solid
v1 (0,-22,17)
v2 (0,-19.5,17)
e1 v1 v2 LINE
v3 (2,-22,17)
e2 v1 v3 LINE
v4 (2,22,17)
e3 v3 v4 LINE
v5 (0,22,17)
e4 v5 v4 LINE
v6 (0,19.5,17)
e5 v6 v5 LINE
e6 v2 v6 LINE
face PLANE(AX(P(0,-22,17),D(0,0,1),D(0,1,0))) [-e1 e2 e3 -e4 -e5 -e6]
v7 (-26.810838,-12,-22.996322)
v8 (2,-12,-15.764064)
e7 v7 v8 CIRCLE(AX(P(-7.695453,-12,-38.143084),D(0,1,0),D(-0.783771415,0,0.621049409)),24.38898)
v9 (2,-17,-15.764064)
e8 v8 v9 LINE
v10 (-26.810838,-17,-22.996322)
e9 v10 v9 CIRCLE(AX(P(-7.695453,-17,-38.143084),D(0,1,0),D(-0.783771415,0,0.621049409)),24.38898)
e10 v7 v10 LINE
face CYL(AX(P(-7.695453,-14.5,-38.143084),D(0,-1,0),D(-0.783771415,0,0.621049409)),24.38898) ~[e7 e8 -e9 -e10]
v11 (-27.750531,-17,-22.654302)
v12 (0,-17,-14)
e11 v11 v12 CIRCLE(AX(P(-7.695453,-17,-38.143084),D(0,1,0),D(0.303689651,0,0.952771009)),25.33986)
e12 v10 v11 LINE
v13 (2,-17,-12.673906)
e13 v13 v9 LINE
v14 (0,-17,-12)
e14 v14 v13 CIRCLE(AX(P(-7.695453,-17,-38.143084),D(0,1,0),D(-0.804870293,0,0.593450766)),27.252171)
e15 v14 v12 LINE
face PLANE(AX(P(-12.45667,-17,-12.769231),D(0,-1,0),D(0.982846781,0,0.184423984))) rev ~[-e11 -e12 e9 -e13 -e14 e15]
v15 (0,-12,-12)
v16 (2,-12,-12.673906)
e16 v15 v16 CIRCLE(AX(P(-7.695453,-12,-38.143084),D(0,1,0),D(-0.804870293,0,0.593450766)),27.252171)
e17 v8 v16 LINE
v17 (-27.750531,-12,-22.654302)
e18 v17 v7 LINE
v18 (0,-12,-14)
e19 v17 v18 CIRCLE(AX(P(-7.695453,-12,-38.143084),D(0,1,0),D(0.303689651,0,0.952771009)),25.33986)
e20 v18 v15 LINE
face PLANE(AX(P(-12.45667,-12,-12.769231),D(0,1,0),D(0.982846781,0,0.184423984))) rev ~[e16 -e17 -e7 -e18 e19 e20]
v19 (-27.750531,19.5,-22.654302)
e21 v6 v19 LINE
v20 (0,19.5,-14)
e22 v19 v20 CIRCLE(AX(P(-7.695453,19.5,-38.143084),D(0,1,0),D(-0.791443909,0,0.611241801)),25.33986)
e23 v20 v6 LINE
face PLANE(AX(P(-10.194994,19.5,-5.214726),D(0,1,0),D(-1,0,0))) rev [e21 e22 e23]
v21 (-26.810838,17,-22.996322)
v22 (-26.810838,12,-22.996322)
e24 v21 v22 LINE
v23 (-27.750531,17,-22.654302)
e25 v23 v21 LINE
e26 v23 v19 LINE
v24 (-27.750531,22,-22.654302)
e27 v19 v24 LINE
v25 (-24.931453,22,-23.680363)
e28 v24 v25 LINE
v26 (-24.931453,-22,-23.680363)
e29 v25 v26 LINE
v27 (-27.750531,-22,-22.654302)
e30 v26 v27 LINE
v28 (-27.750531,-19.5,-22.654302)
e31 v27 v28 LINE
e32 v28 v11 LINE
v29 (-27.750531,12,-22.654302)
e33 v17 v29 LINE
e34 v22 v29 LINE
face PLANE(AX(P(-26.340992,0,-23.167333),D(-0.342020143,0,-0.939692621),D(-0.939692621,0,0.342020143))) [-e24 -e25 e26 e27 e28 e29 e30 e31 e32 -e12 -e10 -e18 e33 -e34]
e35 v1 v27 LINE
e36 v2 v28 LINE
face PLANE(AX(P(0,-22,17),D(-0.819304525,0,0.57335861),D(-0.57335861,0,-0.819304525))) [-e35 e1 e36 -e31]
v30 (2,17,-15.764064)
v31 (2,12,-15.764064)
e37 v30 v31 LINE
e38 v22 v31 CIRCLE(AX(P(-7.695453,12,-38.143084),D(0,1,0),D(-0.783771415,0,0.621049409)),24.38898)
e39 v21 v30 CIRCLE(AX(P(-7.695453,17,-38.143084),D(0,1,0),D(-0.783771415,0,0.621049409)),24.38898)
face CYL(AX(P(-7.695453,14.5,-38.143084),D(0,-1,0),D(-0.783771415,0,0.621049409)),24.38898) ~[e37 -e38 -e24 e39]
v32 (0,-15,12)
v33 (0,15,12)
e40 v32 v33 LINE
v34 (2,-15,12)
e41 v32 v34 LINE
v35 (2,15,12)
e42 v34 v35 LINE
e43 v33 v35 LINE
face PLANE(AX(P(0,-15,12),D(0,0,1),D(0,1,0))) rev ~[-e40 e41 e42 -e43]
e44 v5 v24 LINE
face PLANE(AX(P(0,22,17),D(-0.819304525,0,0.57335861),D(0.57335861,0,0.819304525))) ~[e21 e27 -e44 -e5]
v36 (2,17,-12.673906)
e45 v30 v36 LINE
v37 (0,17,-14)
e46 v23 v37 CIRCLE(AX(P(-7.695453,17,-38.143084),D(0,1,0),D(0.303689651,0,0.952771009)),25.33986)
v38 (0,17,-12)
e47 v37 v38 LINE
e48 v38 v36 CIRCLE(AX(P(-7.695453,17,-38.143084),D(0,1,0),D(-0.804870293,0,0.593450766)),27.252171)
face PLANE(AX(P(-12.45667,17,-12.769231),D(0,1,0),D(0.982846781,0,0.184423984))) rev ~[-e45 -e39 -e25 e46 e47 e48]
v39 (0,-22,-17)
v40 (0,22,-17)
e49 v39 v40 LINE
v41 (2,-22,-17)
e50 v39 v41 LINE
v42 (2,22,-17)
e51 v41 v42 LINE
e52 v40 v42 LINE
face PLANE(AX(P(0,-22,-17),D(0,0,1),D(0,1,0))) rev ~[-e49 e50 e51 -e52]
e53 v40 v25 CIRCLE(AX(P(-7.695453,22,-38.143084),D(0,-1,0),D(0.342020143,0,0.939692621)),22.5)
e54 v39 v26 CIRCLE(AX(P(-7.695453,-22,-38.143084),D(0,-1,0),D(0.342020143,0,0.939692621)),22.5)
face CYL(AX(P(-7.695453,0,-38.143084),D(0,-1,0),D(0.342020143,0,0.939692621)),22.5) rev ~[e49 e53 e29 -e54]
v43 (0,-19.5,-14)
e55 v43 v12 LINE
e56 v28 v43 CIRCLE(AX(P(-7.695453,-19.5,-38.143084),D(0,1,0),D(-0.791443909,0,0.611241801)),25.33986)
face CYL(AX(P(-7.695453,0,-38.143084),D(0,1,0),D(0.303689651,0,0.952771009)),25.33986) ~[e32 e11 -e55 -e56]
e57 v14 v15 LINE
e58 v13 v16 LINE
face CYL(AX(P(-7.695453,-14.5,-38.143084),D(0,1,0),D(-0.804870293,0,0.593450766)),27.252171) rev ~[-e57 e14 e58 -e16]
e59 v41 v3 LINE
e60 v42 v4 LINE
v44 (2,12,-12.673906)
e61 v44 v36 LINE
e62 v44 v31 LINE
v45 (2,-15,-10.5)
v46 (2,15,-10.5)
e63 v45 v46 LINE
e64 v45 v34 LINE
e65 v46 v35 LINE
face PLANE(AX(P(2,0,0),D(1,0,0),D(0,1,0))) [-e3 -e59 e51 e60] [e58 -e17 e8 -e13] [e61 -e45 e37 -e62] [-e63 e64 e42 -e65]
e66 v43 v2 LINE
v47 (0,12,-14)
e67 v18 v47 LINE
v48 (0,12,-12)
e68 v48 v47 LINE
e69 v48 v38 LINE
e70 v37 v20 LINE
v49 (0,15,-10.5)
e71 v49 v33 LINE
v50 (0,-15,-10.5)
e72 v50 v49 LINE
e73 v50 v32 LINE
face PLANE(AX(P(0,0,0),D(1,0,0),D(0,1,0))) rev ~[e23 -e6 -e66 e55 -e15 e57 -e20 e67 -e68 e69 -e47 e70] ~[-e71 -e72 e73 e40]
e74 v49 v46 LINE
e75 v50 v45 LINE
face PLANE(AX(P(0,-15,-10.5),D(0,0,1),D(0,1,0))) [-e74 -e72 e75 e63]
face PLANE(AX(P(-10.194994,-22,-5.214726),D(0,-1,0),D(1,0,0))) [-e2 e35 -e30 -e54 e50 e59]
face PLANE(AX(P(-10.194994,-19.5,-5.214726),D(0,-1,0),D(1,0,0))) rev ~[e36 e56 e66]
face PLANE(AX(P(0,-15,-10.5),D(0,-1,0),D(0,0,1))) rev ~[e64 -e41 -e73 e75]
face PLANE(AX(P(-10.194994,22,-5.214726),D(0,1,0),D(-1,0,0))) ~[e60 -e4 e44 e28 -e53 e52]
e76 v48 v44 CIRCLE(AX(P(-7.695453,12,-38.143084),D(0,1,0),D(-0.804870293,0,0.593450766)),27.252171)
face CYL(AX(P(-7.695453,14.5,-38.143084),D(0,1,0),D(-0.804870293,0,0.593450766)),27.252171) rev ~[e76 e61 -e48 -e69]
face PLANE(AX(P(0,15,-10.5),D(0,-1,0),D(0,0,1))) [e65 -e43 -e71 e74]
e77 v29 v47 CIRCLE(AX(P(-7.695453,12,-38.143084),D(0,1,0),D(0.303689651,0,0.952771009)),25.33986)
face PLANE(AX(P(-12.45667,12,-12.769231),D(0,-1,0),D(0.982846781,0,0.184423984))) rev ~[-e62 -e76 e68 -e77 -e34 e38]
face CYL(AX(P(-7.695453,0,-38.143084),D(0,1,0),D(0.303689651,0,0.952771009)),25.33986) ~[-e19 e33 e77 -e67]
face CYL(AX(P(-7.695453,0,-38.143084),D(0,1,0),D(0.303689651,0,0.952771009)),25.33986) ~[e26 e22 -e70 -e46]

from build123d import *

# Parameters (mm, degrees)
F0_W     = 44
F0_H     = 34
F0_W_2   = 30
F0_H_2   = 22.5
F1_DEPTH = 2
F3_W     = 44
F3_H     = 3
F6_DEPTH = 2.5
F9_W     = 3
F9_H     = 5


with BuildPart() as f1:
    # F0 (on Right) → F1 (new body)
    with BuildSketch(Plane.YZ):
        Rectangle(F0_W, F0_H)
        with Locations((0, 0.75)):
            Rectangle(F0_W_2, F0_H_2, mode=Mode.SUBTRACT)
    extrude(amount=F1_DEPTH)

    # F4: sweep along a path in F2
    with BuildLine(Plane.XZ.offset(22)) as f4_path:
        ThreePointArc((0, -17), (-13.5188817396, -16.4097528762), (-24.931453195, -23.6803627497))
    # F3 (on face) → F4 (sweep)
    with BuildSketch(Plane(origin=(0, 0, 0), x_dir=(0, -1, 0), z_dir=(-1, 0, 0))):
        with Locations((0, -15.5)):
            Rectangle(F3_W, F3_H)
    sweep(path=f4_path.line)

    # F5 (on face) → F6 (join)
    with BuildSketch(Plane.XZ.offset(22)):
        with BuildLine():
            Line((0, -14), (0, 17))
            Line((0, 17), (-27.7505310574, -22.6543023198))
            ThreePointArc((-27.7505310574, -22.6543023198), (-15.2396110487, -13.9522967433), (0, -14))
        make_face()
    extrude(amount=-F6_DEPTH)


with BuildPart() as f7_1:
    # F7: instance of F1
    add(f1.part.mirror(Plane.XZ))


with BuildPart() as f1_1:
    add(f1.part)

    # F8: union F7_1
    add(f7_1.part)

    # F10: sweep along a path in F2
    with BuildLine(Plane.XZ.offset(22)) as f10_path:
        ThreePointArc((-24.931453195, -23.6803627497), (-10.8151434968, -15.8604105956), (4.9059770967, -19.5029671802))
    # F9 (on face) → F10 (sweep, cut)
    with BuildSketch(Plane(origin=(-10.5271478923, 0, -28.9231011252), x_dir=(0.9396926208, 0, -0.3420201433), z_dir=(-0.3420201433, 0, -0.9396926208))):
        with Locations((-18.8287415311, -14.5)):
            Rectangle(F9_W, F9_H)
        with Locations((-18.8287415311, 14.5)):
            Rectangle(F9_W, F9_H)
    sweep(path=f10_path.line, mode=Mode.SUBTRACT)


solid = f1_1.part
